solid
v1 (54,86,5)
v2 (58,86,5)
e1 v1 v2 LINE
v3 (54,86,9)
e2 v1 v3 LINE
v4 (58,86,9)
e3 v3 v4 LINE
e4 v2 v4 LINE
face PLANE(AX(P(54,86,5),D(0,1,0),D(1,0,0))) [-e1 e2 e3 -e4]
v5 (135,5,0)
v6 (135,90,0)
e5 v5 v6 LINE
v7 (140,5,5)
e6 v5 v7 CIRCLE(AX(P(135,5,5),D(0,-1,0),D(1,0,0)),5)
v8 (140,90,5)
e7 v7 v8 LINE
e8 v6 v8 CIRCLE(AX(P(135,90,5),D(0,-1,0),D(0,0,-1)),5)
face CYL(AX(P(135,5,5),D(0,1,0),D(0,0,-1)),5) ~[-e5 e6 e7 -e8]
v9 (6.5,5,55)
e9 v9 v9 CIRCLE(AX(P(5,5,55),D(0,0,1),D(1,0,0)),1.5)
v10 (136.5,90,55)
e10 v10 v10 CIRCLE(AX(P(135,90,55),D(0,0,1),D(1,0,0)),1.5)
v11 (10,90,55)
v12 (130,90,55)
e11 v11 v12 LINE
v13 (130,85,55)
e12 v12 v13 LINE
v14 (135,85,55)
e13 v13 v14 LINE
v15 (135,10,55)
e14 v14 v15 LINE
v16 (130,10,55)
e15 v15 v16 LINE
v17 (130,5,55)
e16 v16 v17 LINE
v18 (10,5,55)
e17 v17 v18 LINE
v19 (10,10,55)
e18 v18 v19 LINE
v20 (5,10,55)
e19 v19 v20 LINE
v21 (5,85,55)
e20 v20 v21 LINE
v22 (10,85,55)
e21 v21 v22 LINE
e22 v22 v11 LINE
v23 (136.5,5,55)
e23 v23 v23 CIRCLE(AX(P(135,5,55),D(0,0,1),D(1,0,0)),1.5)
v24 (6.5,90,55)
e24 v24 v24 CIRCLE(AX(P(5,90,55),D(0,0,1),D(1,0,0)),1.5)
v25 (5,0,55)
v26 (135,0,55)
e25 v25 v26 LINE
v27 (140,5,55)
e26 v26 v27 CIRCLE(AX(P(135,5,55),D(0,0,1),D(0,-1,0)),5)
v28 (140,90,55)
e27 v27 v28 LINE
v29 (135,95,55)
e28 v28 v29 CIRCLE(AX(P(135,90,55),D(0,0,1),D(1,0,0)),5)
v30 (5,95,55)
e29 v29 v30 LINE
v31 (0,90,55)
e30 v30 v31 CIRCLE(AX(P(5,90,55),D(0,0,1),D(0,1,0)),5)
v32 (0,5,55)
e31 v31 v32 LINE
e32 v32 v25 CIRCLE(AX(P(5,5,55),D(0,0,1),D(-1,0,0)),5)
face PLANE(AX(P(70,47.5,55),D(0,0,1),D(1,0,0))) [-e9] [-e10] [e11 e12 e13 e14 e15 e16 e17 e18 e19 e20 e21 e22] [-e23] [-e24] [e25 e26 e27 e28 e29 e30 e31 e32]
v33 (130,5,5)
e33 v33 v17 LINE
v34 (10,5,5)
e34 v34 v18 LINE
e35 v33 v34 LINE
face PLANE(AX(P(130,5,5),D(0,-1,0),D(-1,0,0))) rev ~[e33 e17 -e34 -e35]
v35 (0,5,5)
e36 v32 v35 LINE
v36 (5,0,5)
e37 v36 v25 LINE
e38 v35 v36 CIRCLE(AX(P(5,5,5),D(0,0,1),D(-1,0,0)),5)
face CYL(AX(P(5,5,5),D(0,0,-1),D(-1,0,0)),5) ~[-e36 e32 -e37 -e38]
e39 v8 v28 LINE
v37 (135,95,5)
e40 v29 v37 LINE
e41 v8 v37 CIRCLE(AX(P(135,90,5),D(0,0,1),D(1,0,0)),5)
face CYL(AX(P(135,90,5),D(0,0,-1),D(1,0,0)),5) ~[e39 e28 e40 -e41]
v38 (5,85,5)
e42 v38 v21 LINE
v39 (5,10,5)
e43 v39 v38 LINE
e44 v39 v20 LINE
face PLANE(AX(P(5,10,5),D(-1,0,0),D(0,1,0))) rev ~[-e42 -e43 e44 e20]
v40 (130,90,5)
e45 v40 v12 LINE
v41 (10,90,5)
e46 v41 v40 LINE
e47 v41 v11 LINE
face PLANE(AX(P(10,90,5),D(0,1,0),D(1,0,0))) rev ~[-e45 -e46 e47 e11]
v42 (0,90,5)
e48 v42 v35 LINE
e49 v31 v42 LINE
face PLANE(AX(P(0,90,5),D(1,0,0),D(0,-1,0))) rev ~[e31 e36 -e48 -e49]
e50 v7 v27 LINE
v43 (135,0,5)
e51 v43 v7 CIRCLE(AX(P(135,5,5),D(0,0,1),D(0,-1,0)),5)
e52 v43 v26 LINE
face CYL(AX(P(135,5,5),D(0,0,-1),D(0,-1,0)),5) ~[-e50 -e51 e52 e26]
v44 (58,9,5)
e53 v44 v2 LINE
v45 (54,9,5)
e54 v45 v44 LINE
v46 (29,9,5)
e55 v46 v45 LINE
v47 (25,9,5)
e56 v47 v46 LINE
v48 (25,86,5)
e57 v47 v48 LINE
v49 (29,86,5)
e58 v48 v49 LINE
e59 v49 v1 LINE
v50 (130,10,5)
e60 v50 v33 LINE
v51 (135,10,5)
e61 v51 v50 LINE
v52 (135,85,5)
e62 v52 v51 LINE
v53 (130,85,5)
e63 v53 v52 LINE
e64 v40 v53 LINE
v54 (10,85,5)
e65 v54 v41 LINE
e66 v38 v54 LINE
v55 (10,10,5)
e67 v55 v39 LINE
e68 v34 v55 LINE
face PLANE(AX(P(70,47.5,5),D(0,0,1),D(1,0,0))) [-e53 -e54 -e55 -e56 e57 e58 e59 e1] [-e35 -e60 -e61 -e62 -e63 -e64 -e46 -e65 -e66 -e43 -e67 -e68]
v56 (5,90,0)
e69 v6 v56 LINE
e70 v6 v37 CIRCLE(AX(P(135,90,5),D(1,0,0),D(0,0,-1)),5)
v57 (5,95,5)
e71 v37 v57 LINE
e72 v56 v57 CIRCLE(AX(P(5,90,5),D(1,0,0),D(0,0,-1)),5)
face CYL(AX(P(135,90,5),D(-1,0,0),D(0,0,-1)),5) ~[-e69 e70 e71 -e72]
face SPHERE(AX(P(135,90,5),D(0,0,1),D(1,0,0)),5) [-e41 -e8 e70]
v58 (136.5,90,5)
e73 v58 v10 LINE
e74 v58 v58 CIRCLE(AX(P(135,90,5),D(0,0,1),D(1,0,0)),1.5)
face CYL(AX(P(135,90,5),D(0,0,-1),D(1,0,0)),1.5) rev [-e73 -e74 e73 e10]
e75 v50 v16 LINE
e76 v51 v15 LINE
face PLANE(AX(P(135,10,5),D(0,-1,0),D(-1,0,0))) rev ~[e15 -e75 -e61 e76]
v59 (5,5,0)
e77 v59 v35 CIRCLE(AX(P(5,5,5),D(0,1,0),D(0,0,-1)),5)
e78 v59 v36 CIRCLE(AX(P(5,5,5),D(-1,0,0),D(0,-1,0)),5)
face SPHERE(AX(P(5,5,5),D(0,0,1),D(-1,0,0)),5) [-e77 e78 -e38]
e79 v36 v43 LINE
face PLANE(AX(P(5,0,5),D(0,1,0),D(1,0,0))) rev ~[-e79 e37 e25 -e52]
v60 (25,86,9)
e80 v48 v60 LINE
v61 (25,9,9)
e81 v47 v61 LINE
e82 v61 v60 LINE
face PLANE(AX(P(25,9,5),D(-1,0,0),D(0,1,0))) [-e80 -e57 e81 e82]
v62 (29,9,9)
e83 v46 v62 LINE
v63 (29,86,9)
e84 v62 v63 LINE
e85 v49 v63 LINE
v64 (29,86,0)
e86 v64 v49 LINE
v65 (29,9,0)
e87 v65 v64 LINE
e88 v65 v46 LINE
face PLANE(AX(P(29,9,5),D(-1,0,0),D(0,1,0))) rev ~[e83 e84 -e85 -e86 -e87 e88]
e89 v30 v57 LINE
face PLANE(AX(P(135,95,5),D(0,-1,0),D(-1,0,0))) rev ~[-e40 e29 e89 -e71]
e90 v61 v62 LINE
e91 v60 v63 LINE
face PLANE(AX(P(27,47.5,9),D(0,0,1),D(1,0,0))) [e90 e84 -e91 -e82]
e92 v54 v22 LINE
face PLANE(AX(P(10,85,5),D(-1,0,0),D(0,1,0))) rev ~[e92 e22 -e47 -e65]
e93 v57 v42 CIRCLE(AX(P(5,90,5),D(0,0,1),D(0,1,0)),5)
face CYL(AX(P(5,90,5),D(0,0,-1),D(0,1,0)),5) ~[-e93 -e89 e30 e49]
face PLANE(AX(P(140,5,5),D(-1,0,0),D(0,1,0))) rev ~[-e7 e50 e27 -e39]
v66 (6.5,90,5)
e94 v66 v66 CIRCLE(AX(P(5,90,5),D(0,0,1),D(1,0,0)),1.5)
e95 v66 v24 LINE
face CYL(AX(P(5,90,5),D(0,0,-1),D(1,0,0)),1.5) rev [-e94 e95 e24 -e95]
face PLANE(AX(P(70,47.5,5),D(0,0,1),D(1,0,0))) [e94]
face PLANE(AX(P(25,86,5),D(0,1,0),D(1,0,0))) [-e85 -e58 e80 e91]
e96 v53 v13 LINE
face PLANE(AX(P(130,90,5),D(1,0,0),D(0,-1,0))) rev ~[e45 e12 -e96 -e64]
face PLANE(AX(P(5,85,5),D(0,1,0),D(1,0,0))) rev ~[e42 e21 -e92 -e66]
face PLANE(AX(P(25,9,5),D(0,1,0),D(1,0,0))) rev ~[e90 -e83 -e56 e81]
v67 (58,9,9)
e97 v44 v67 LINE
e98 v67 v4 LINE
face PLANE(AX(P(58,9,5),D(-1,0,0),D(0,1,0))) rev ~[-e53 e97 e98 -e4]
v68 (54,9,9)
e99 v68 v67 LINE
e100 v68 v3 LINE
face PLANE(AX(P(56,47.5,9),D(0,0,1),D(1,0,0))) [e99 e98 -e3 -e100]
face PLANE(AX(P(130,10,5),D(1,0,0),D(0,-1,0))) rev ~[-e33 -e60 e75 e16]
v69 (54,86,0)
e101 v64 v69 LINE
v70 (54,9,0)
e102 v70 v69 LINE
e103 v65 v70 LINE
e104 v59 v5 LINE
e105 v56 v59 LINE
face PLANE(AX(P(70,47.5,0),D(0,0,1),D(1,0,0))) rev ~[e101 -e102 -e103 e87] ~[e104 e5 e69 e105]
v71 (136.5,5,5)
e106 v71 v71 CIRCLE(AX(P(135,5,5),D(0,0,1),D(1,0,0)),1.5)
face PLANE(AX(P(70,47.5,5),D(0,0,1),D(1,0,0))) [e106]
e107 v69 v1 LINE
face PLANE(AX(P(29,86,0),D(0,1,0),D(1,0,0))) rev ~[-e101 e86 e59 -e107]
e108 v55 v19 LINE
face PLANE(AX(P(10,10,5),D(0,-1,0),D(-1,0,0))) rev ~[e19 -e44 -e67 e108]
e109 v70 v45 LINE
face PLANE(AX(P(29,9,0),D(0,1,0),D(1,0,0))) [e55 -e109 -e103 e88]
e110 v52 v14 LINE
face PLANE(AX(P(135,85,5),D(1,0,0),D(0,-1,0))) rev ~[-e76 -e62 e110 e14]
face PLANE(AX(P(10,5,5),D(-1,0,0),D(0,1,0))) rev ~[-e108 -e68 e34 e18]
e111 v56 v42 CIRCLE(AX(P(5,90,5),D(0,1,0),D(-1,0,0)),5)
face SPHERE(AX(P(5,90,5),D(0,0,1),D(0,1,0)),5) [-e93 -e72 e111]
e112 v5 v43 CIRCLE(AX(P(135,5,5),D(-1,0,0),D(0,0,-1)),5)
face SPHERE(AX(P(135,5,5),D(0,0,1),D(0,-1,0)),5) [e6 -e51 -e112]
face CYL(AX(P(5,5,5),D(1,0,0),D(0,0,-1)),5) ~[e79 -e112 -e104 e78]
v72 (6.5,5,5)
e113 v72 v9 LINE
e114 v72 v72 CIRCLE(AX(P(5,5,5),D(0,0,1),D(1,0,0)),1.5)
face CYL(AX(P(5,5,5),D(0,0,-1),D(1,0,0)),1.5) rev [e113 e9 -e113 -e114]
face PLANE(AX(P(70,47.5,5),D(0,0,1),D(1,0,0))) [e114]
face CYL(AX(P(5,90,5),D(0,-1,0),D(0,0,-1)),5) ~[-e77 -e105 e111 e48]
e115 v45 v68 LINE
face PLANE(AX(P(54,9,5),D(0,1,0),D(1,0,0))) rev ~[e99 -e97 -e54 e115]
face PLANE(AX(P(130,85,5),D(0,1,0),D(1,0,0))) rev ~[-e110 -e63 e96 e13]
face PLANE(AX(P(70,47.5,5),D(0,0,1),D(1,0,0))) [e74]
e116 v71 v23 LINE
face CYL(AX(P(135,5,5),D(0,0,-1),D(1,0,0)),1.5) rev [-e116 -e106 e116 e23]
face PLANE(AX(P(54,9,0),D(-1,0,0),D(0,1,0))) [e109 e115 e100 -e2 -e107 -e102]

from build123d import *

# Parameters (mm, degrees)
F0_W     = 25
F0_H     = 77
F1_DEPTH = 5
F2_R     = 1.5
F3_DEPTH = 50
F4_R     = 5
F5_W     = 4
F5_H     = 77
F6_DEPTH = 4


with BuildPart() as f1:
    # F0 (on Top) → F1 (new body)
    with BuildSketch(Plane.XY):
        with BuildLine():
            ThreePointArc((0, 5), (1.4644660941, 1.4644660941), (5, 0))
            Line((5, 0), (135, 0))
            ThreePointArc((135, 0), (138.5355339059, 1.4644660941), (140, 5))
            Line((140, 5), (140, 90))
            ThreePointArc((140, 90), (138.5355339059, 93.5355339059), (135, 95))
            Line((135, 95), (5, 95))
            ThreePointArc((5, 95), (1.4644660941, 93.5355339059), (0, 90))
            Line((0, 90), (0, 5))
        make_face()
        with Locations((41.5, 47.5)):
            Rectangle(F0_W, F0_H, mode=Mode.SUBTRACT)
    extrude(amount=F1_DEPTH)

    # F2 (on face) → F3 (join)
    with BuildSketch(Plane.XY.offset(5)):
        with BuildLine():
            ThreePointArc((0, 5), (1.4644660941, 1.4644660941), (5, 0))
            Line((5, 0), (135, 0))
            ThreePointArc((135, 0), (138.5355339059, 1.4644660941), (140, 5))
            Line((140, 5), (140, 90))
            ThreePointArc((140, 90), (138.5355339059, 93.5355339059), (135, 95))
            Line((135, 95), (5, 95))
            ThreePointArc((5, 95), (1.4644660941, 93.5355339059), (0, 90))
            Line((0, 90), (0, 5))
        make_face()
        with Locations((5, 5)):
            Circle(F2_R, mode=Mode.SUBTRACT)
        with Locations((135, 5)):
            Circle(F2_R, mode=Mode.SUBTRACT)
        with Locations((5, 90)):
            Circle(F2_R, mode=Mode.SUBTRACT)
        Polygon((10, 9.9999997765), (5, 9.9999997765), (5, 85), (10, 85), (10, 90), (130, 90), (130, 85), (135, 85), (135, 9.9999997765), (130, 9.9999997765), (130, 5), (10, 5), align=None, mode=Mode.SUBTRACT)
        with Locations((135, 90)):
            Circle(F2_R, mode=Mode.SUBTRACT)
    extrude(amount=F3_DEPTH)

    # F4
    f4_edges = [f1.edges().sort_by_distance(p)[0] for p in [
        (70, 95, 0),
    ]]
    fillet(f4_edges, radius=F4_R)

    # F5 (on face) → F6 (join)
    with BuildSketch(Plane.XY.offset(5)):
        with Locations((27, 47.5)):
            Rectangle(F5_W, F5_H)
        with Locations((56, 47.5)):
            Rectangle(F5_W, F5_H)
    extrude(amount=F6_DEPTH)


solid = f1.part
